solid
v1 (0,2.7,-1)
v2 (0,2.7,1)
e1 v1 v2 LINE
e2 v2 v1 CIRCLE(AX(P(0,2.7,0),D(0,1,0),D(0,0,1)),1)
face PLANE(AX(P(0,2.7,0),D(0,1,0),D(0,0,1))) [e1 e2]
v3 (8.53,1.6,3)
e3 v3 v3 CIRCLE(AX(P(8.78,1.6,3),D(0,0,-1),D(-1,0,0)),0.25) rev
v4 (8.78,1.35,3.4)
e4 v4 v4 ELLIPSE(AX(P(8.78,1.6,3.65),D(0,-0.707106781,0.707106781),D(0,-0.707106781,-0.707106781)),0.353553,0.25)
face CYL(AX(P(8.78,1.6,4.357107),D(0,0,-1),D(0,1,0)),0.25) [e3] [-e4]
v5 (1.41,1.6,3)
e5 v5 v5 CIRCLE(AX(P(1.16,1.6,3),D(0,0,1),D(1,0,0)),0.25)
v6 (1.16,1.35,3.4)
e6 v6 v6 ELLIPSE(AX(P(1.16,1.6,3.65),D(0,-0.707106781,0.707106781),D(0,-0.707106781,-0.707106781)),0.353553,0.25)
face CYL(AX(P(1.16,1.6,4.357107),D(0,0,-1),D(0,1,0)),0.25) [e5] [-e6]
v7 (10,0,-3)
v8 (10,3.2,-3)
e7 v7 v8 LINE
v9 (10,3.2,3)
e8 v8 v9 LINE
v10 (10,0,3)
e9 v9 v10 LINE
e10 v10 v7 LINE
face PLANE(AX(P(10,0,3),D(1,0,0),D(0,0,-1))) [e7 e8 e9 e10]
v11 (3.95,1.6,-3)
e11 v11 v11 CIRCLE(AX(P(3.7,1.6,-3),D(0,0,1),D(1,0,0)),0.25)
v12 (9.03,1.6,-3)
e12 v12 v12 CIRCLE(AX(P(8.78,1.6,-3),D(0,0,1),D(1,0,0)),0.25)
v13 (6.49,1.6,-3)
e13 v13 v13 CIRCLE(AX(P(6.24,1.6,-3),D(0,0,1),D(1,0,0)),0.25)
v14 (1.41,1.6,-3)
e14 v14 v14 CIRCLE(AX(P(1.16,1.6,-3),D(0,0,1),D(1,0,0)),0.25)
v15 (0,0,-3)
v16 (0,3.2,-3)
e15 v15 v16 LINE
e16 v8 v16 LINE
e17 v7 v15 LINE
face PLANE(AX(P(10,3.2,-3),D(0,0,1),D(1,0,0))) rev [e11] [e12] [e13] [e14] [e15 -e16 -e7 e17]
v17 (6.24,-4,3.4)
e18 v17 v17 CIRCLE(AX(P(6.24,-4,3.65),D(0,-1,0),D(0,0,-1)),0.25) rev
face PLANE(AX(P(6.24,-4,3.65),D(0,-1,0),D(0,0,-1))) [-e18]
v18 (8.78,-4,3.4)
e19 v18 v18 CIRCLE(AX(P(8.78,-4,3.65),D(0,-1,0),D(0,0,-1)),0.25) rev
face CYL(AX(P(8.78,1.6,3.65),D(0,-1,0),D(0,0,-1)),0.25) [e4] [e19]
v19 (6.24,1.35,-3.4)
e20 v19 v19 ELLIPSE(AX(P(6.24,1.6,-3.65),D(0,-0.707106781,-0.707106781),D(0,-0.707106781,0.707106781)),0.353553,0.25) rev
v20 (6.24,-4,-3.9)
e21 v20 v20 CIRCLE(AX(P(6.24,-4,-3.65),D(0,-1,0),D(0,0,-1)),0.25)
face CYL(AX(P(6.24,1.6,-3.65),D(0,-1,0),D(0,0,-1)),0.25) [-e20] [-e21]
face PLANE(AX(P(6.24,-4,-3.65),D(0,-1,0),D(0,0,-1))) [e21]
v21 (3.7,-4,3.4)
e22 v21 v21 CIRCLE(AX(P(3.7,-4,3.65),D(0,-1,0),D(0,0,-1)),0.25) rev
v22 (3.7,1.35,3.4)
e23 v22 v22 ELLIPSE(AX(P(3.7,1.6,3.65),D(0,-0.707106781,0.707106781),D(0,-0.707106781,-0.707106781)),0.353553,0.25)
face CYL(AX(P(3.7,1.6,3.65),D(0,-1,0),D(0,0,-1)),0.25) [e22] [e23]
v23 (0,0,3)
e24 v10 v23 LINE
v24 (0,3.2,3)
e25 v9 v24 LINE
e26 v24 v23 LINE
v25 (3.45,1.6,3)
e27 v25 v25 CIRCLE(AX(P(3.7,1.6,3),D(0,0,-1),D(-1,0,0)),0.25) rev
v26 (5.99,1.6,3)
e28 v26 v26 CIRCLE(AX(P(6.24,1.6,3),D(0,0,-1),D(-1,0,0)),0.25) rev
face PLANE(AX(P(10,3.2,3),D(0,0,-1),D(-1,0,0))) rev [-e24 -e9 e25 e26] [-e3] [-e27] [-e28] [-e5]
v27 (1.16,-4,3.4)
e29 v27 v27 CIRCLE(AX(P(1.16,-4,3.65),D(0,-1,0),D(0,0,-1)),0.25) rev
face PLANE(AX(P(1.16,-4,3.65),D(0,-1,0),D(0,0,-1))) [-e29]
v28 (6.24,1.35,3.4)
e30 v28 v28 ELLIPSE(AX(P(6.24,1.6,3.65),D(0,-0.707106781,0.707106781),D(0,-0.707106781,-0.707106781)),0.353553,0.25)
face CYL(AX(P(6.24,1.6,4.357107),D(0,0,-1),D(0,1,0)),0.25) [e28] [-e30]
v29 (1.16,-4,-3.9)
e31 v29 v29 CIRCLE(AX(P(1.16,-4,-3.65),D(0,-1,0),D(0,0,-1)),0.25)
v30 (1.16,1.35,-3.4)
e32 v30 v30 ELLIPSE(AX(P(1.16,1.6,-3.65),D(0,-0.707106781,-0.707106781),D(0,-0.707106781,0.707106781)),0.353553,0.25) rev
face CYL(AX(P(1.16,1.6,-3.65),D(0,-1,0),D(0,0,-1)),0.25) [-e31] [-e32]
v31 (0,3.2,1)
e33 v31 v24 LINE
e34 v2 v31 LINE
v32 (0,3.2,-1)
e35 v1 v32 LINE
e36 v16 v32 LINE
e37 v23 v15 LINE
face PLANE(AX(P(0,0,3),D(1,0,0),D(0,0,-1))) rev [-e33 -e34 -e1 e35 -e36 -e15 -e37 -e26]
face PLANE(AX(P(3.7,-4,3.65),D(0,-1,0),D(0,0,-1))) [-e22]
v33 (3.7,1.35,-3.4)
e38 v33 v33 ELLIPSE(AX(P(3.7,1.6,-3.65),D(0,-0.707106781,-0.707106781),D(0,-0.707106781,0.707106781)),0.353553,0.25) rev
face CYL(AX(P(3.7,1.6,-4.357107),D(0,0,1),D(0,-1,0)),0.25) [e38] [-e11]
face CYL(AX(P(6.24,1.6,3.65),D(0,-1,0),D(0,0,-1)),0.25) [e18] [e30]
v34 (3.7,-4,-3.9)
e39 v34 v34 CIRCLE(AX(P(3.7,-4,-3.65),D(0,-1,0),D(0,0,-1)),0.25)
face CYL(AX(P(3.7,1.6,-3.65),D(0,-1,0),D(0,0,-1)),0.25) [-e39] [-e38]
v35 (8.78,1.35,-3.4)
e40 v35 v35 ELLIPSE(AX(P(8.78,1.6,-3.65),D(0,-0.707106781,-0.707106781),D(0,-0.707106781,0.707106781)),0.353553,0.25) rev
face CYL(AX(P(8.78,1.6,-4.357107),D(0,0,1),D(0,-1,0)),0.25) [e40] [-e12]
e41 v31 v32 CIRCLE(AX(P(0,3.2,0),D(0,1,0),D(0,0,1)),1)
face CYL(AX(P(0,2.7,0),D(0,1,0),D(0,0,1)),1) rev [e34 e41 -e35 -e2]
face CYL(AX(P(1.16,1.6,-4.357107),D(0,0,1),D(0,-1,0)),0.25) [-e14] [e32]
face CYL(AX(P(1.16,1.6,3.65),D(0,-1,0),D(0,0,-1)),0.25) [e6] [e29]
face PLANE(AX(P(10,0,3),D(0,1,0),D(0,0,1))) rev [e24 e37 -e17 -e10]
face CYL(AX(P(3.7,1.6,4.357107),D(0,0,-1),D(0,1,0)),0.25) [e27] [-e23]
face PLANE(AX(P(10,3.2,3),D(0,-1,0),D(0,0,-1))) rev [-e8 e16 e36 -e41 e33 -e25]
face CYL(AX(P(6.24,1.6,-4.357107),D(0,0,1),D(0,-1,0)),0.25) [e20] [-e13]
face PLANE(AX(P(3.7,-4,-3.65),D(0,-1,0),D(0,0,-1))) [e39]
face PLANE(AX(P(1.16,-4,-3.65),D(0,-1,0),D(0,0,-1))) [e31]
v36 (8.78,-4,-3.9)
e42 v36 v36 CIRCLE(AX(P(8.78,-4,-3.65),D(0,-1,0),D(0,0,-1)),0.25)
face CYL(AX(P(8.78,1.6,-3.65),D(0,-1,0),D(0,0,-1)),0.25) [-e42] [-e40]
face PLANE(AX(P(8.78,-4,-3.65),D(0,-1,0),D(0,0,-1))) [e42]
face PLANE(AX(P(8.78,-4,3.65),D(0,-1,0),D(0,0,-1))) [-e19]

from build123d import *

# Parameters (mm, degrees)
ESQUISSE1_W                          = 6
ESQUISSE1_H                          = 3.2
EXTRUSION1_DEPTH                     = 10
ENL_V_MAT_EXTRU_1_DEPTH              = 0.5
ESQUISSE3_R                          = 0.25
R_P_TITION_LIN_AIRE1_COUNT           = 4
R_P_TITION_LIN_AIRE1_PITCH           = 2.54
R_P_TITION_LIN_AIRE1_COPY_1_SKETCH_R = 0.25
R_P_TITION_LIN_AIRE1_COPY_2_SKETCH_R = 0.25
R_P_TITION_LIN_AIRE1_COPY_3_SKETCH_R = 0.25


with BuildPart() as part:
    # Esquisse1 → Extrusion1 (new body)
    with BuildSketch(Plane(origin=(0, 0, 0), x_dir=(0, 0, -1), z_dir=(1, 0, 0))):
        with Locations((0, 1.6)):
            Rectangle(ESQUISSE1_W, ESQUISSE1_H)
    extrude(amount=EXTRUSION1_DEPTH)

    # Esquisse2 → Enlèv. mat.-Extru.1 (cut)
    with BuildSketch(Plane(origin=(0, 3.2, 0), x_dir=(-1, 0, 0), z_dir=(0, 1, 0))):
        with BuildLine():
            Line((0, -1), (0, 1))
            ThreePointArc((0, 1), (-1, 0), (0, -1))
        make_face()
    extrude(amount=-ENL_V_MAT_EXTRU_1_DEPTH, mode=Mode.SUBTRACT)

    # Balayage1: sweep along a path in Esquisse5
    with BuildLine(Plane(origin=(1.16, 0, 0), x_dir=(0, 0, -1), z_dir=(1, 0, 0))) as balayage1_path:
        Line((-3, 1.6), (-3.65, 1.6))
        Line((-3.65, 1.6), (-3.65, -4))
    # Esquisse3 → Balayage1 (sweep)
    with BuildSketch(Plane.XY.offset(3)):
        with Locations((1.16, 1.6)):
            Circle(ESQUISSE3_R)
    balayage1 = sweep(path=balayage1_path.line, transition=Transition.RIGHT)

    # Symétrie1: Balayage1 across plane
    add(balayage1.mirror(Plane.XY))

    # Répétition linéaire1: Balayage1 ×4
    with Locations(*[(i * R_P_TITION_LIN_AIRE1_PITCH, 0, 0) for i in range(1, R_P_TITION_LIN_AIRE1_COUNT)]):
        add(balayage1)

    # Répétition linéaire1 copy 1: sweep along a path in Répétition linéaire1 copy 1 path
    with BuildLine(Plane(origin=(3.7, 0, 0), x_dir=(0, 0, 1), z_dir=(1, 0, 0))) as r_p_tition_lin_aire1_copy_1_path:
        Line((-3, -1.6), (-3.65, -1.6))
        Line((-3.65, -1.6), (-3.65, 4))
    # Répétition linéaire1 copy 1 sketch → Répétition linéaire1 copy 1 (sweep)
    with BuildSketch(Plane(origin=(2.54, 0, -3), x_dir=(1, 0, 0), z_dir=(0, 0, -1))):
        with Locations((1.16, -1.6)):
            Circle(R_P_TITION_LIN_AIRE1_COPY_1_SKETCH_R)
    sweep(path=r_p_tition_lin_aire1_copy_1_path.line, transition=Transition.RIGHT)

    # Répétition linéaire1 copy 2: sweep along a path in Répétition linéaire1 copy 2 path
    with BuildLine(Plane(origin=(6.24, 0, 0), x_dir=(0, 0, 1), z_dir=(1, 0, 0))) as r_p_tition_lin_aire1_copy_2_path:
        Line((-3, -1.6), (-3.65, -1.6))
        Line((-3.65, -1.6), (-3.65, 4))
    # Répétition linéaire1 copy 2 sketch → Répétition linéaire1 copy 2 (sweep)
    with BuildSketch(Plane(origin=(5.08, 0, -3), x_dir=(1, 0, 0), z_dir=(0, 0, -1))):
        with Locations((1.16, -1.6)):
            Circle(R_P_TITION_LIN_AIRE1_COPY_2_SKETCH_R)
    sweep(path=r_p_tition_lin_aire1_copy_2_path.line, transition=Transition.RIGHT)

    # Répétition linéaire1 copy 3: sweep along a path in Répétition linéaire1 copy 3 path
    with BuildLine(Plane(origin=(8.78, 0, 0), x_dir=(0, 0, 1), z_dir=(1, 0, 0))) as r_p_tition_lin_aire1_copy_3_path:
        Line((-3, -1.6), (-3.65, -1.6))
        Line((-3.65, -1.6), (-3.65, 4))
    # Répétition linéaire1 copy 3 sketch → Répétition linéaire1 copy 3 (sweep)
    with BuildSketch(Plane(origin=(7.62, 0, -3), x_dir=(1, 0, 0), z_dir=(0, 0, -1))):
        with Locations((1.16, -1.6)):
            Circle(R_P_TITION_LIN_AIRE1_COPY_3_SKETCH_R)
    sweep(path=r_p_tition_lin_aire1_copy_3_path.line, transition=Transition.RIGHT)


solid = part.part
